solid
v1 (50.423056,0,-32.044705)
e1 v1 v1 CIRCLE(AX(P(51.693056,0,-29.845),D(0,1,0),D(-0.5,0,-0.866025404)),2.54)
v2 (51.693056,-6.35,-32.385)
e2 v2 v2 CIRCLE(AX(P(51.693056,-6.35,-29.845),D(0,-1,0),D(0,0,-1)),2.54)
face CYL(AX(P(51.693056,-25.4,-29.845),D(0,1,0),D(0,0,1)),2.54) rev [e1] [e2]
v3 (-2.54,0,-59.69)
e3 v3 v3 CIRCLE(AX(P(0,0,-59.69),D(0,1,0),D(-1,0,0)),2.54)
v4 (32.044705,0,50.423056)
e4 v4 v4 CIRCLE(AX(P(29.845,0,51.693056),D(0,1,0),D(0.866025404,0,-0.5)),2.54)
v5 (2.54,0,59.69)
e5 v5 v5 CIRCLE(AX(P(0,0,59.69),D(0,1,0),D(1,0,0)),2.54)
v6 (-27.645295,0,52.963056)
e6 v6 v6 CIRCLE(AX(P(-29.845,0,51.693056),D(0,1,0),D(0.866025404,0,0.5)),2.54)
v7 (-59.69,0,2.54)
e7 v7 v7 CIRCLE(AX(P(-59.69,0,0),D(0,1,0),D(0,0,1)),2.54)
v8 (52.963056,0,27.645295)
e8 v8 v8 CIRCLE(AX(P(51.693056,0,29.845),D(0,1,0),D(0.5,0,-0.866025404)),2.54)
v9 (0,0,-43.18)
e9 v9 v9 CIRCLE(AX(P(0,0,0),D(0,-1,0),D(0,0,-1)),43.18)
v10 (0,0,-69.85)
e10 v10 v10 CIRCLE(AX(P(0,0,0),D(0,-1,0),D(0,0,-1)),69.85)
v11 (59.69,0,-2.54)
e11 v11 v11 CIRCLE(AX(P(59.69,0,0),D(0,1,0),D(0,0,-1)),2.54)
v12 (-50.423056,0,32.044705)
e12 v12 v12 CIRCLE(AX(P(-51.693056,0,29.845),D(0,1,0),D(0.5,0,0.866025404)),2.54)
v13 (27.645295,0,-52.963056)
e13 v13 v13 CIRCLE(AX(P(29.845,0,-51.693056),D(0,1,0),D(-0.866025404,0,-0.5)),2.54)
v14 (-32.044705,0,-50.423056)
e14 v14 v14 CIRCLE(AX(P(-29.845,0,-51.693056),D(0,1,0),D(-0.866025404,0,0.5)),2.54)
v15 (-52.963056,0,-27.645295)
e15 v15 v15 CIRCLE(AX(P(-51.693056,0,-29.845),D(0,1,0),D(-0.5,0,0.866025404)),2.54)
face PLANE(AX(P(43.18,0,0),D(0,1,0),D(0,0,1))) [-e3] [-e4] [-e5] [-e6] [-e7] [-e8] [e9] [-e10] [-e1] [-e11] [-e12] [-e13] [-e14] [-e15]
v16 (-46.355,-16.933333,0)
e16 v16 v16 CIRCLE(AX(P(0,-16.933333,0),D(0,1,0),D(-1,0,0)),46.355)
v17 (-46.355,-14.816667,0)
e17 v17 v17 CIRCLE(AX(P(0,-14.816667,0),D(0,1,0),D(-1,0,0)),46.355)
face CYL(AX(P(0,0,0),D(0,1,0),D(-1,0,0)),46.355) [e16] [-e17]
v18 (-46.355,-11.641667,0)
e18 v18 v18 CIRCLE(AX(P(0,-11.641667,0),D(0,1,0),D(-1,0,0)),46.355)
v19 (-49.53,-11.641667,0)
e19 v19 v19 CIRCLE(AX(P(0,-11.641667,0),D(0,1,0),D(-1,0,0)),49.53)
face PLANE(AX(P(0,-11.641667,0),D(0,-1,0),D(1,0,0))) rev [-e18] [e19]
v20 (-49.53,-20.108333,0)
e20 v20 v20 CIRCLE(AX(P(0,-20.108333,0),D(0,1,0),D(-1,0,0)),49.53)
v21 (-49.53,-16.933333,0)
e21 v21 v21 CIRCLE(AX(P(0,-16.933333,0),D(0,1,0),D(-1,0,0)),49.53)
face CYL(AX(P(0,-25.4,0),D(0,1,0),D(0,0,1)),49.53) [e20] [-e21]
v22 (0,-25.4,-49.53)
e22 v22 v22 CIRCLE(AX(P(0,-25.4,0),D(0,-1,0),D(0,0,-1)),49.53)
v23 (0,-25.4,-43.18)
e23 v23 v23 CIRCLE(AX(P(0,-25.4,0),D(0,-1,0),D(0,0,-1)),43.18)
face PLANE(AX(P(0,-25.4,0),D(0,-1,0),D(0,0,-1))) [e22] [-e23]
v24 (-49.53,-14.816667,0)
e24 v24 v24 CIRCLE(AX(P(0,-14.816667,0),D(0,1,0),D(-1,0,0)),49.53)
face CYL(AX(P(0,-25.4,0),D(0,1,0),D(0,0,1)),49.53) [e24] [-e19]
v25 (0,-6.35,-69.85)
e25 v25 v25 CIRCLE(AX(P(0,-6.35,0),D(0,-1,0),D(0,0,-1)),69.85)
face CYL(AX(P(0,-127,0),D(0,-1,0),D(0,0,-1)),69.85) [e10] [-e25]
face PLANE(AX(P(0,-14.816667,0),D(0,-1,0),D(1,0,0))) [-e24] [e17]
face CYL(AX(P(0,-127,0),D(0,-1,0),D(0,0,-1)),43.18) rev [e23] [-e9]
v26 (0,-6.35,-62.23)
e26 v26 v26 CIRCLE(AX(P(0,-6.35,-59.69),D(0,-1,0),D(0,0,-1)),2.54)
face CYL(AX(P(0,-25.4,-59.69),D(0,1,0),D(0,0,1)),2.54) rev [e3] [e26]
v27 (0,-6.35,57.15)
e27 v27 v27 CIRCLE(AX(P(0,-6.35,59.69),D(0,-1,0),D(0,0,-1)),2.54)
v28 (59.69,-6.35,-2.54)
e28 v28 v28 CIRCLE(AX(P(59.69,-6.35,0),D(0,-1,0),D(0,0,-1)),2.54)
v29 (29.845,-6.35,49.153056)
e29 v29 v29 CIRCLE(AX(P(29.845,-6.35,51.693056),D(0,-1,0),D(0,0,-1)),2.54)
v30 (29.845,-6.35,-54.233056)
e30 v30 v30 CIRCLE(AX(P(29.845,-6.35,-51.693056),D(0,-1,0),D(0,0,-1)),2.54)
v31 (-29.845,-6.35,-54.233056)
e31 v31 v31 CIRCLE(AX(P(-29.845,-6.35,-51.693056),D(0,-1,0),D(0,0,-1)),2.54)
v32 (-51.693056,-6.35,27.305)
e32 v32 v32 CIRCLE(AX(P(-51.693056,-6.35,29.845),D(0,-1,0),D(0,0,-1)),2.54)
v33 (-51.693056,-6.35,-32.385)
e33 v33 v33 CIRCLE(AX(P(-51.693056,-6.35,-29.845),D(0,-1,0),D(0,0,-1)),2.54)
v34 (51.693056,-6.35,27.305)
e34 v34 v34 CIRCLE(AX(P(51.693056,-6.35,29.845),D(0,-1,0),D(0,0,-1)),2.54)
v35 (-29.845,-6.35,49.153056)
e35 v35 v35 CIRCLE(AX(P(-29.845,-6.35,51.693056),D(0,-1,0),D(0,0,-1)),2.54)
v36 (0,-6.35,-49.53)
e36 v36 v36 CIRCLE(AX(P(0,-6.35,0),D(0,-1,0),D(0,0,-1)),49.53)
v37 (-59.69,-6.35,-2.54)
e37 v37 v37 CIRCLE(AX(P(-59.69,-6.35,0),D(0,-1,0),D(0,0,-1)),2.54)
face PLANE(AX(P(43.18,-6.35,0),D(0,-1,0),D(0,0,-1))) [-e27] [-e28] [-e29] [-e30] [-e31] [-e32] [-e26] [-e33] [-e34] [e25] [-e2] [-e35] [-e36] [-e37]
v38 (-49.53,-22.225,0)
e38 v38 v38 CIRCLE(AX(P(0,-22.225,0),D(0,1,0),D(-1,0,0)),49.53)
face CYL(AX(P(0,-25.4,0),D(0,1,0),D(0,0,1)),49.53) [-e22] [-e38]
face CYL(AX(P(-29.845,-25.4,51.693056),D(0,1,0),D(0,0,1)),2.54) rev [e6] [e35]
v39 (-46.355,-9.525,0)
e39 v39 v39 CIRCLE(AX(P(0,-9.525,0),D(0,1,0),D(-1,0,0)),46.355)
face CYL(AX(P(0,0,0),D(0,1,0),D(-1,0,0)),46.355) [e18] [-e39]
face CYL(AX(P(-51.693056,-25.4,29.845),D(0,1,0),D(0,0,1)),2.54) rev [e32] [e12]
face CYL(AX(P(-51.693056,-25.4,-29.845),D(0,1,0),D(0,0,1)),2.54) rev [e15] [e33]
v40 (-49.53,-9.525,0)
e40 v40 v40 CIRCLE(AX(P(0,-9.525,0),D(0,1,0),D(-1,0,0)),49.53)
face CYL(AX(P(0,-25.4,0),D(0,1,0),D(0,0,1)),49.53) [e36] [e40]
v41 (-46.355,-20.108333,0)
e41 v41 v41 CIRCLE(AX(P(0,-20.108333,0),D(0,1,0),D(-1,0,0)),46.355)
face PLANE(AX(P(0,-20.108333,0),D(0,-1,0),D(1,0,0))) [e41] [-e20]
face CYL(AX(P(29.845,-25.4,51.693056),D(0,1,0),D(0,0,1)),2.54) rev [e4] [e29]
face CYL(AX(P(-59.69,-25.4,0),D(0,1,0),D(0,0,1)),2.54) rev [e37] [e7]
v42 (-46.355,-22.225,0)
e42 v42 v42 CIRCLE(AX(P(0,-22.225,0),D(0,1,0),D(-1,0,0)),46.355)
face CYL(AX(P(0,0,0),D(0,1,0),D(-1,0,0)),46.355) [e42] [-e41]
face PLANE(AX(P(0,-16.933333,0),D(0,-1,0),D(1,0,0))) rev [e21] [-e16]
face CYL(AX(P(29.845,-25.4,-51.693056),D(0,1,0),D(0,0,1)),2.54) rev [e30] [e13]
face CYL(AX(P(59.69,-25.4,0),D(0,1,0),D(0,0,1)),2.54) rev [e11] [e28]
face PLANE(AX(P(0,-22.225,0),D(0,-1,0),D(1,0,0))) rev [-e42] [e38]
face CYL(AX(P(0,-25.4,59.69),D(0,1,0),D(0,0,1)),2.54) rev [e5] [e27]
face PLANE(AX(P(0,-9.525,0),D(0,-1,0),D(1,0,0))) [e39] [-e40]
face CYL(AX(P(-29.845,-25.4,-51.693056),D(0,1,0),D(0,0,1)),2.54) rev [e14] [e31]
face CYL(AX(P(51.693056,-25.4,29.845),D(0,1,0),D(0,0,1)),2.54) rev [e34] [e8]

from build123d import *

# Parameters (mm, degrees)
SKETCH1_W           = 26.67
SKETCH1_H           = 6.35
SKETCH2_R           = 49.53
SKETCH2_R_2         = 43.18
BOSS_EXTRUDE1_DEPTH = 19.05
SKETCH3_W           = 3.175
SKETCH3_H           = 2.116666667
SKETCH3_H_2         = 2.116666666
SKETCH4_R           = 2.54
CUT_EXTRUDE1_DEPTH  = 26.4
CIRPATTERN1_COUNT   = 12


with BuildPart() as part:
    # Sketch1 → Revolve1 (revolve)
    with BuildSketch(Plane.XY):
        with Locations((56.515, -3.175)):
            Rectangle(SKETCH1_W, SKETCH1_H)
    revolve(axis=Axis((0, -127, 0), (0, 1, 0)))

    # Sketch2 → Boss-Extrude1 (add)
    with BuildSketch(Plane.XZ.offset(6.35)):
        Circle(SKETCH2_R)
        Circle(SKETCH2_R_2, mode=Mode.SUBTRACT)
    extrude(amount=BOSS_EXTRUDE1_DEPTH)

    # Sketch3 → Cut-Revolve1 (revolve, cut)
    with BuildSketch(Plane.XY):
        with Locations((47.9425, -21.166666666)):
            Rectangle(SKETCH3_W, SKETCH3_H)
        with Locations((47.9425, -15.875)):
            Rectangle(SKETCH3_W, SKETCH3_H_2)
        with Locations((47.9425, -10.583333334)):
            Rectangle(SKETCH3_W, SKETCH3_H)
    revolve(axis=Axis((0, 0, 0), (0, -1, 0)), mode=Mode.SUBTRACT)

    # Sketch4 → Cut-Extrude1 (cut, through all)
    with BuildSketch(Plane(origin=(0, 0, 0), x_dir=(1, 0, 0), z_dir=(0, 1, 0))):
        with Locations((-59.69, 0)):
            Circle(SKETCH4_R)
    cut_extrude1 = extrude(amount=-CUT_EXTRUDE1_DEPTH, mode=Mode.SUBTRACT)

    # CirPattern1: Cut-Extrude1 ×12 about axis
    cirpattern1_axis = Axis((0, 0, 0), (0, 1, 0))
    for i in range(1, CIRPATTERN1_COUNT):
        add(cut_extrude1.rotate(cirpattern1_axis, i * 360 / CIRPATTERN1_COUNT), mode=Mode.SUBTRACT)


solid = part.part
